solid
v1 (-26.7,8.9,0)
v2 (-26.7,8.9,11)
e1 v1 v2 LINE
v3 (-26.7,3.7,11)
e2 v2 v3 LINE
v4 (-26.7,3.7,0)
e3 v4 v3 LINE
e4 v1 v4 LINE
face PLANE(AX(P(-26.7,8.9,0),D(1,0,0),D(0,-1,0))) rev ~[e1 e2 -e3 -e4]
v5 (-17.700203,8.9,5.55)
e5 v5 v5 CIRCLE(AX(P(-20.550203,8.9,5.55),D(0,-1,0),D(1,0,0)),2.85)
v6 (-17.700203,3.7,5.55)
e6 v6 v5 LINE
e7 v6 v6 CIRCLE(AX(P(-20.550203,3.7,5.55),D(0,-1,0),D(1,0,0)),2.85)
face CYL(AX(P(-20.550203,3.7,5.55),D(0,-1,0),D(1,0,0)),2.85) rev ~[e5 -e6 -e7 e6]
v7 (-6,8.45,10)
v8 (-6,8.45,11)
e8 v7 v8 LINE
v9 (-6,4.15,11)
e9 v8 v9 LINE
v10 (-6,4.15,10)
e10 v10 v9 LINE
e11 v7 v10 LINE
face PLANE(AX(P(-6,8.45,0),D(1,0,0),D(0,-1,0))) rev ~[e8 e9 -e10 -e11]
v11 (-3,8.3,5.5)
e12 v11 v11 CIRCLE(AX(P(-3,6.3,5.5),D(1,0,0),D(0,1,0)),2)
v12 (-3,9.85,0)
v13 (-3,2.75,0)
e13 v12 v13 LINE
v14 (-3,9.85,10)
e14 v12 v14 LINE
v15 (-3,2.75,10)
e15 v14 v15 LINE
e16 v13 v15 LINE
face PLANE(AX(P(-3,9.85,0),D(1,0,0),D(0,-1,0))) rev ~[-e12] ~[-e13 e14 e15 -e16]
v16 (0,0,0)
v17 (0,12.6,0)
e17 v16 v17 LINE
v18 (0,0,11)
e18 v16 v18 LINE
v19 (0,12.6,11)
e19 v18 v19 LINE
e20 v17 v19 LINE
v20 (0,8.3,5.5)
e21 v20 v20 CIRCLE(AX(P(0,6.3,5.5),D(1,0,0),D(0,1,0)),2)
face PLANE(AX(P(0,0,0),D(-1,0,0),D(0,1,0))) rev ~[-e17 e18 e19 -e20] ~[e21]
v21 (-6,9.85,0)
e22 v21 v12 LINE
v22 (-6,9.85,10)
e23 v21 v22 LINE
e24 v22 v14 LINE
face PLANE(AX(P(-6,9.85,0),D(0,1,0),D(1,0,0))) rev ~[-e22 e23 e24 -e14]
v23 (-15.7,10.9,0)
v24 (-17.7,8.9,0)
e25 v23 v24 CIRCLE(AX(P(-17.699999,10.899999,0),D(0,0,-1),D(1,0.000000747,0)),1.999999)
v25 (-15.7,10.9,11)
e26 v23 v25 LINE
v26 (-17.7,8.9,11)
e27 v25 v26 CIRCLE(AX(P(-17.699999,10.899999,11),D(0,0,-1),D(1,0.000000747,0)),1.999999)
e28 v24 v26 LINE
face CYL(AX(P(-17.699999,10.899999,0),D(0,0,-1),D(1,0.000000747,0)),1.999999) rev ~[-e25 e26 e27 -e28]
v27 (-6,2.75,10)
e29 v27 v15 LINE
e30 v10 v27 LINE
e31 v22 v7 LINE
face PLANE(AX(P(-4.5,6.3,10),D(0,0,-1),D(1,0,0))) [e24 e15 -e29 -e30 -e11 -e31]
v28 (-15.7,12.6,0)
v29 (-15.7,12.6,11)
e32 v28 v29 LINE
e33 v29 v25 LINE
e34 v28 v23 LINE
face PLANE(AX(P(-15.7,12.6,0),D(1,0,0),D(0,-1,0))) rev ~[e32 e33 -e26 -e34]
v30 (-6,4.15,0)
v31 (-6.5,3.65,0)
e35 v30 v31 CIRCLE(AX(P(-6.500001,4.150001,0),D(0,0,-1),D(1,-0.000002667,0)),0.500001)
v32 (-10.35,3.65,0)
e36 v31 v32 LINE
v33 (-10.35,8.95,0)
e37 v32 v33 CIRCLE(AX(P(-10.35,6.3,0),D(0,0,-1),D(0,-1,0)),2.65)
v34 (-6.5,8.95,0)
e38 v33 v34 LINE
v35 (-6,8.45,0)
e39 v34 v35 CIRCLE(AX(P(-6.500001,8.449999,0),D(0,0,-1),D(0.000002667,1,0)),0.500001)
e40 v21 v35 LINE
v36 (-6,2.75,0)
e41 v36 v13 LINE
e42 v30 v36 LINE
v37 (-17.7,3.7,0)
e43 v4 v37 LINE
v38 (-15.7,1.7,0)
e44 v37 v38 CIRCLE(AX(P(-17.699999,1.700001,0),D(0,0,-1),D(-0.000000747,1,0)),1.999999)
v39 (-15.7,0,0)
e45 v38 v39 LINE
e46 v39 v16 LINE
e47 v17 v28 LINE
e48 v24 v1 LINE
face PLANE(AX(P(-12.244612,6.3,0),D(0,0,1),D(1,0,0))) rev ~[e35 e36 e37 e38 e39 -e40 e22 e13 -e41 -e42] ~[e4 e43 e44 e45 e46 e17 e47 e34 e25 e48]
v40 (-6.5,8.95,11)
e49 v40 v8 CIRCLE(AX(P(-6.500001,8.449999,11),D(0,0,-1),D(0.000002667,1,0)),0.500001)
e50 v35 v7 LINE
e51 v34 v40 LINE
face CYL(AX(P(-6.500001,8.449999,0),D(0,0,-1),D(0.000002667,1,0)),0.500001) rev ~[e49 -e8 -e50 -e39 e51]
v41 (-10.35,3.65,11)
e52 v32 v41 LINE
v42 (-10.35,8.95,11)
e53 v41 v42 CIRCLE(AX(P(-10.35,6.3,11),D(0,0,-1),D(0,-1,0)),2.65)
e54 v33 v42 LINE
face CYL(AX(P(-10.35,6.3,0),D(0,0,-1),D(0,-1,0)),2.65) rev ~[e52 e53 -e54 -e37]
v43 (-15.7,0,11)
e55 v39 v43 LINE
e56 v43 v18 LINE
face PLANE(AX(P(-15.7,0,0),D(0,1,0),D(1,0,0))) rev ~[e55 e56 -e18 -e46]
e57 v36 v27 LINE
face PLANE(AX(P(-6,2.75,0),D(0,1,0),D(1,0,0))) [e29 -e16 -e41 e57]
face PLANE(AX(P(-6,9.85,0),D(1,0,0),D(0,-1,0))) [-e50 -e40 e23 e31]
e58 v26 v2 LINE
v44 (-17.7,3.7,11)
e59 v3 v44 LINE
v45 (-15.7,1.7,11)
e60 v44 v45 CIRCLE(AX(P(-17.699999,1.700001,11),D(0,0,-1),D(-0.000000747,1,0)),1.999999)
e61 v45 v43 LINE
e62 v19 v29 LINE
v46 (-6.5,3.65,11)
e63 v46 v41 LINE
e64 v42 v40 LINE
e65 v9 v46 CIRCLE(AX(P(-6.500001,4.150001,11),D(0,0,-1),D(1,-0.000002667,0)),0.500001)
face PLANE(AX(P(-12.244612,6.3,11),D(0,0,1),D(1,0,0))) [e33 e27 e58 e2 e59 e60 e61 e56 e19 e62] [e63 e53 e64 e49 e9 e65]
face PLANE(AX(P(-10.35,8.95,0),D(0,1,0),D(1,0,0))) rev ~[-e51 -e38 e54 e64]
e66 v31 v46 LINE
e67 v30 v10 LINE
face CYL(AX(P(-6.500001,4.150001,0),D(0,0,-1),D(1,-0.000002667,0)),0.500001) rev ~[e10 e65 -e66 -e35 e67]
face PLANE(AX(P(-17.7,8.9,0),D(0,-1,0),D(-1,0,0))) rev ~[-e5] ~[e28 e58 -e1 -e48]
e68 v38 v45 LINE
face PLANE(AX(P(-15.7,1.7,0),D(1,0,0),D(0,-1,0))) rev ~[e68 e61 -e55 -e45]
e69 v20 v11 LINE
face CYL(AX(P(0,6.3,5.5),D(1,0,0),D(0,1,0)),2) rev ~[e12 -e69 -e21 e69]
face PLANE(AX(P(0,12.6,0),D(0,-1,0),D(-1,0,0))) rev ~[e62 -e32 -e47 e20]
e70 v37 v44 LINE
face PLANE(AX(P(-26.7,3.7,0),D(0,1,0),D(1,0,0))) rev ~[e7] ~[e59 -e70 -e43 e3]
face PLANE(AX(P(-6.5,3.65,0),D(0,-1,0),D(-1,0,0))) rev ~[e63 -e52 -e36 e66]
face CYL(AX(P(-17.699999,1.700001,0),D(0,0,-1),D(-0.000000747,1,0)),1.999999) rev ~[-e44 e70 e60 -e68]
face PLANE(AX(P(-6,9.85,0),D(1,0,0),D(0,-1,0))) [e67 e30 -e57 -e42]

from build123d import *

# Parameters (mm, degrees)
F1_DEPTH = 11
F2_R     = 2.85
F3_DEPTH = 25
F4_W     = 3
F4_H     = 7.1
F5_DEPTH = 10
F6_R     = 2
F7_DEPTH = 3


with BuildPart() as f1:
    # F0 (on Top) → F1 (new body)
    with BuildSketch(Plane.XY):
        with BuildLine():
            Line((-15.7, 1.7), (-15.7, 0))
            Line((-15.7, 0), (0, 0))
            Line((0, 0), (0, 12.6))
            Line((0, 12.6), (-15.7, 12.6))
            Line((-15.7, 12.6), (-15.7, 10.9))
            ThreePointArc((-15.7, 10.9), (-16.285786, 9.485786), (-17.7, 8.9))
            Line((-17.7, 8.9), (-26.7, 8.9))
            Line((-26.7, 8.9), (-26.7, 3.7))
            Line((-26.7, 3.7), (-17.7, 3.7))
            ThreePointArc((-17.7, 3.7), (-16.285786, 3.114214), (-15.7, 1.7))
        make_face()
        with BuildLine():
            ThreePointArc((-6, 4.15), (-6.146447, 3.796447), (-6.5, 3.65))
            Line((-6.5, 3.65), (-10.35, 3.65))
            ThreePointArc((-10.35, 3.65), (-13, 6.3), (-10.35, 8.95))
            Line((-10.35, 8.95), (-6.5, 8.95))
            ThreePointArc((-6.5, 8.95), (-6.146447, 8.803553), (-6, 8.45))
            Line((-6, 8.45), (-6, 4.15))
        make_face(mode=Mode.SUBTRACT)
    extrude(amount=F1_DEPTH)

    # F2 (on face) → F3 (cut)
    with BuildSketch(Plane.XZ.offset(-3.7)):
        with Locations((-20.550203, 5.55)):
            Circle(F2_R)
    extrude(amount=-F3_DEPTH, mode=Mode.SUBTRACT)

    # F4 (on face) → F5 (cut)
    with BuildSketch(Plane(origin=(0, 0, 0), x_dir=(1, 0, 0), z_dir=(0, 0, -1))):
        with Locations((-4.5, -6.3)):
            Rectangle(F4_W, F4_H)
    extrude(amount=-F5_DEPTH, mode=Mode.SUBTRACT)

    # F6 (on face) → F7 (cut, through all)
    with BuildSketch(Plane.YZ):
        with Locations((6.3, 5.5)):
            Circle(F6_R)
    extrude(amount=-F7_DEPTH, mode=Mode.SUBTRACT)


solid = f1.part
